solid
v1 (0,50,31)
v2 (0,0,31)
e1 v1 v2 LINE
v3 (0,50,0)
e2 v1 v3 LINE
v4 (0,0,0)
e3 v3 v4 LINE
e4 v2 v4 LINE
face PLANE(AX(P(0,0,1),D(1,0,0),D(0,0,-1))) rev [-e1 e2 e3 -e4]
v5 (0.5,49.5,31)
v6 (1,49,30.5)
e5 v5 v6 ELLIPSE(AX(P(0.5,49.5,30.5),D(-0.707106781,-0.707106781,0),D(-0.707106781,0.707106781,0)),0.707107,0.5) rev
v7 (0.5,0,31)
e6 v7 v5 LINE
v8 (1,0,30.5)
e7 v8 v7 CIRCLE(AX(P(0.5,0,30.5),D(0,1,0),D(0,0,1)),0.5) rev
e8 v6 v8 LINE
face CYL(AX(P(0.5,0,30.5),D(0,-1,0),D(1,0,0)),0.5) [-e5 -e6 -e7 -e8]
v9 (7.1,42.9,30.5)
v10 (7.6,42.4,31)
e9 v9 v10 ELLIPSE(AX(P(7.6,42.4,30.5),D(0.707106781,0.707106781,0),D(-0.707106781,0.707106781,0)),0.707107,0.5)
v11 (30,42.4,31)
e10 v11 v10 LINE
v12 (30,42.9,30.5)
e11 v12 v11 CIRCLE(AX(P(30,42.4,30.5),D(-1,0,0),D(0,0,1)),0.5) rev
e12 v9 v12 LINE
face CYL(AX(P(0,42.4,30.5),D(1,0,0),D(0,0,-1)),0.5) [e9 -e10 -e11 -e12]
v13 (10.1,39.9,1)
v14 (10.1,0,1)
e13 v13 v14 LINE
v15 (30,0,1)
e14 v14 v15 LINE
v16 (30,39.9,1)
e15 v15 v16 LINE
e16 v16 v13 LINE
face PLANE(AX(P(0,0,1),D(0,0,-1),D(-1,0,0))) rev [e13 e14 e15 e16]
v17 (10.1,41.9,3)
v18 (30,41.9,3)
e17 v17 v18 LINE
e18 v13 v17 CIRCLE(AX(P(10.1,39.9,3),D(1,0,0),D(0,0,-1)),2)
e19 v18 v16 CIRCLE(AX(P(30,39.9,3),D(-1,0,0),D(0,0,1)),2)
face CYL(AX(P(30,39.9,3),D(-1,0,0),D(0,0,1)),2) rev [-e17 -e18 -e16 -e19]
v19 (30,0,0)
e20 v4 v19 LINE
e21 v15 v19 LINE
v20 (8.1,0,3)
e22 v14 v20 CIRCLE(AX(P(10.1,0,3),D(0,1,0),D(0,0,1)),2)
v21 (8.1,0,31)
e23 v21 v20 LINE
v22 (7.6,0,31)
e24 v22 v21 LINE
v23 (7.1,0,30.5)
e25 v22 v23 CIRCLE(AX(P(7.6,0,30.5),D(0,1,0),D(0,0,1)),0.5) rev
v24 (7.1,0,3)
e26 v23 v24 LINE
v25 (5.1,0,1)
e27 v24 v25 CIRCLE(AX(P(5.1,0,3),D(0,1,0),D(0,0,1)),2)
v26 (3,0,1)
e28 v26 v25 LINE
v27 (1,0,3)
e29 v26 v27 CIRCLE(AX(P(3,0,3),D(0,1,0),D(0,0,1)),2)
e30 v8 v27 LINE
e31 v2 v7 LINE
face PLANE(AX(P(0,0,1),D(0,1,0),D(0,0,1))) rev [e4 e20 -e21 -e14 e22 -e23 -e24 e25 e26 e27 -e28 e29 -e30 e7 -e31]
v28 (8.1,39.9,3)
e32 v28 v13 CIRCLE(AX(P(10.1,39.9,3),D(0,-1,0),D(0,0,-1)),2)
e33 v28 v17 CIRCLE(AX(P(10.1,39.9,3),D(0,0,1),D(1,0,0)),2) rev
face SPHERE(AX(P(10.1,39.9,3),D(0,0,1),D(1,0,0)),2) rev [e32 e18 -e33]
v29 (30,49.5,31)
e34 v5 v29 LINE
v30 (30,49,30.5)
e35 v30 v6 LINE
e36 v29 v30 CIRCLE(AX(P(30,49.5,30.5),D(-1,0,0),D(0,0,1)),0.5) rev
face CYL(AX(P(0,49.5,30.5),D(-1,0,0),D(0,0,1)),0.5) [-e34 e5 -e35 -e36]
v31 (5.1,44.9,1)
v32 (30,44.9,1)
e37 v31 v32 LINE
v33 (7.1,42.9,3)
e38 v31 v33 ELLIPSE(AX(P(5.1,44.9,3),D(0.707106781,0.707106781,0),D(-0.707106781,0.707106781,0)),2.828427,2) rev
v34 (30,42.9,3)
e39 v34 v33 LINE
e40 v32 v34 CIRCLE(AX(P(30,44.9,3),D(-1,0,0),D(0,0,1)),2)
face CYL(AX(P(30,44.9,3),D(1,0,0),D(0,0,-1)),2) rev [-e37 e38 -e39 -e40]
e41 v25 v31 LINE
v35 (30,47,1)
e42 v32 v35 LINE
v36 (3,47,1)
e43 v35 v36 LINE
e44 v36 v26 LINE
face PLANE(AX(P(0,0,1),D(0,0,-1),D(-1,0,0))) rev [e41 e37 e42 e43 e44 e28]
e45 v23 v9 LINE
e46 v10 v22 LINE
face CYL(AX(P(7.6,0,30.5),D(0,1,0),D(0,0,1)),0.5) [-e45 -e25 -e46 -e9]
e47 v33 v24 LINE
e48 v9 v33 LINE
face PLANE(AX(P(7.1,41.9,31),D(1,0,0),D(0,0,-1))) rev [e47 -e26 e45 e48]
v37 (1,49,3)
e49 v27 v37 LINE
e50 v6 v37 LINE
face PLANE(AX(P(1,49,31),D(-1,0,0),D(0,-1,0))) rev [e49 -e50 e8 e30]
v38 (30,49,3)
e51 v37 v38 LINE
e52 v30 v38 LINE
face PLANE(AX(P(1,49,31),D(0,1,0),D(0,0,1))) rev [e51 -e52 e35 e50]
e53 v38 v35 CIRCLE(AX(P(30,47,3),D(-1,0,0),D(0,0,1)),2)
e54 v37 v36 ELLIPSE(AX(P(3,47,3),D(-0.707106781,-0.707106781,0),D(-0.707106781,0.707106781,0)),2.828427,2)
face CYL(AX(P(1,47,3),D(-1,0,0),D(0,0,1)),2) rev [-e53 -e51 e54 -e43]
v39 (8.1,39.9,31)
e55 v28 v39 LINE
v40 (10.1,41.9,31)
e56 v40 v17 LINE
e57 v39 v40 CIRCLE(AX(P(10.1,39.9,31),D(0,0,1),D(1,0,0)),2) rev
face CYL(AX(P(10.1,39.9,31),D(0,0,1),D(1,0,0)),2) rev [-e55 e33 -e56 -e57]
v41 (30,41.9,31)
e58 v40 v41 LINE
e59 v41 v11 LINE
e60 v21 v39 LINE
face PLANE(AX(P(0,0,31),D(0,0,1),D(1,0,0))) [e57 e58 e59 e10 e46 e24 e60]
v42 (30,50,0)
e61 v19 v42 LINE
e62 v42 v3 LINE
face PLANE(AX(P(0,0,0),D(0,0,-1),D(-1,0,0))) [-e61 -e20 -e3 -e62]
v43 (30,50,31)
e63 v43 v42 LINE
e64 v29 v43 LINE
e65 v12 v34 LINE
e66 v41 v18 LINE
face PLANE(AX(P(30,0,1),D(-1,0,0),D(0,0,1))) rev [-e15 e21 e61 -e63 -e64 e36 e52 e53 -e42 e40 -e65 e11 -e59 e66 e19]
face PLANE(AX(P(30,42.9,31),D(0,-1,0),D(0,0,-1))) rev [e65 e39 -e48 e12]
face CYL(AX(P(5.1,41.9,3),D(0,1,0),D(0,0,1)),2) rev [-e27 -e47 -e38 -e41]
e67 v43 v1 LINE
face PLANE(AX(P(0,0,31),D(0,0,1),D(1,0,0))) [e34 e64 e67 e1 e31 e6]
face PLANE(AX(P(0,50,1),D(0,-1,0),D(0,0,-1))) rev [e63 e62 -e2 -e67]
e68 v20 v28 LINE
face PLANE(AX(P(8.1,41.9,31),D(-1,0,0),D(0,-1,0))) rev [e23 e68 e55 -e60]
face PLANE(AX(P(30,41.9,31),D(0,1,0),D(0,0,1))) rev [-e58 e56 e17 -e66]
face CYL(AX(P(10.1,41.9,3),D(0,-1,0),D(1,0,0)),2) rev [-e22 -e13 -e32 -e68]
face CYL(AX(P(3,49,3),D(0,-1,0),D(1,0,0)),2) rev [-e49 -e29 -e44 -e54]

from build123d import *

# Parameters (mm, degrees)
SKETCH1_W           = 30
SKETCH1_H           = 50
BOSS_EXTRUDE1_DEPTH = 1
BOSS_EXTRUDE2_DEPTH = 30
FILLET1_R           = 2
FILLET2_R           = 0.5


with BuildPart() as part:
    # Sketch1 → Boss-Extrude1 (new body)
    with BuildSketch(Plane.XY):
        with Locations((15, 25)):
            Rectangle(SKETCH1_W, SKETCH1_H)
    extrude(amount=BOSS_EXTRUDE1_DEPTH)

    # Sketch2 → Boss-Extrude2 (add)
    with BuildSketch(Plane.XY.offset(1)):
        Polygon((0, 50), (30, 50), (30, 49), (1, 49), (1, 0), (0, 0), (0, 49), align=None)
        Polygon((30, 41.9), (8.1, 41.9), (8.1, 0), (7.1, 0), (7.1, 41.9), (7.1, 42.9), (30, 42.9), align=None)
    extrude(amount=BOSS_EXTRUDE2_DEPTH)

    # Fillet1
    fillet1_edges = [part.edges().sort_by_distance(p)[0] for p in [
        (1, 24.5, 1),
        (15.5, 49, 1),
        (18.55, 42.9, 1),
        (7.1, 21.45, 1),
        (8.1, 20.95, 1),
        (19.05, 41.9, 1),
        (8.1, 41.9, 16),
    ]]
    fillet(fillet1_edges, radius=FILLET1_R)

    # Fillet2
    fillet2_edges = [part.edges().sort_by_distance(p)[0] for p in [
        (1, 24.5, 31),
        (15.5, 49, 31),
        (18.55, 42.9, 31),
        (7.1, 21.45, 31),
    ]]
    fillet(fillet2_edges, radius=FILLET2_R)


solid = part.part
